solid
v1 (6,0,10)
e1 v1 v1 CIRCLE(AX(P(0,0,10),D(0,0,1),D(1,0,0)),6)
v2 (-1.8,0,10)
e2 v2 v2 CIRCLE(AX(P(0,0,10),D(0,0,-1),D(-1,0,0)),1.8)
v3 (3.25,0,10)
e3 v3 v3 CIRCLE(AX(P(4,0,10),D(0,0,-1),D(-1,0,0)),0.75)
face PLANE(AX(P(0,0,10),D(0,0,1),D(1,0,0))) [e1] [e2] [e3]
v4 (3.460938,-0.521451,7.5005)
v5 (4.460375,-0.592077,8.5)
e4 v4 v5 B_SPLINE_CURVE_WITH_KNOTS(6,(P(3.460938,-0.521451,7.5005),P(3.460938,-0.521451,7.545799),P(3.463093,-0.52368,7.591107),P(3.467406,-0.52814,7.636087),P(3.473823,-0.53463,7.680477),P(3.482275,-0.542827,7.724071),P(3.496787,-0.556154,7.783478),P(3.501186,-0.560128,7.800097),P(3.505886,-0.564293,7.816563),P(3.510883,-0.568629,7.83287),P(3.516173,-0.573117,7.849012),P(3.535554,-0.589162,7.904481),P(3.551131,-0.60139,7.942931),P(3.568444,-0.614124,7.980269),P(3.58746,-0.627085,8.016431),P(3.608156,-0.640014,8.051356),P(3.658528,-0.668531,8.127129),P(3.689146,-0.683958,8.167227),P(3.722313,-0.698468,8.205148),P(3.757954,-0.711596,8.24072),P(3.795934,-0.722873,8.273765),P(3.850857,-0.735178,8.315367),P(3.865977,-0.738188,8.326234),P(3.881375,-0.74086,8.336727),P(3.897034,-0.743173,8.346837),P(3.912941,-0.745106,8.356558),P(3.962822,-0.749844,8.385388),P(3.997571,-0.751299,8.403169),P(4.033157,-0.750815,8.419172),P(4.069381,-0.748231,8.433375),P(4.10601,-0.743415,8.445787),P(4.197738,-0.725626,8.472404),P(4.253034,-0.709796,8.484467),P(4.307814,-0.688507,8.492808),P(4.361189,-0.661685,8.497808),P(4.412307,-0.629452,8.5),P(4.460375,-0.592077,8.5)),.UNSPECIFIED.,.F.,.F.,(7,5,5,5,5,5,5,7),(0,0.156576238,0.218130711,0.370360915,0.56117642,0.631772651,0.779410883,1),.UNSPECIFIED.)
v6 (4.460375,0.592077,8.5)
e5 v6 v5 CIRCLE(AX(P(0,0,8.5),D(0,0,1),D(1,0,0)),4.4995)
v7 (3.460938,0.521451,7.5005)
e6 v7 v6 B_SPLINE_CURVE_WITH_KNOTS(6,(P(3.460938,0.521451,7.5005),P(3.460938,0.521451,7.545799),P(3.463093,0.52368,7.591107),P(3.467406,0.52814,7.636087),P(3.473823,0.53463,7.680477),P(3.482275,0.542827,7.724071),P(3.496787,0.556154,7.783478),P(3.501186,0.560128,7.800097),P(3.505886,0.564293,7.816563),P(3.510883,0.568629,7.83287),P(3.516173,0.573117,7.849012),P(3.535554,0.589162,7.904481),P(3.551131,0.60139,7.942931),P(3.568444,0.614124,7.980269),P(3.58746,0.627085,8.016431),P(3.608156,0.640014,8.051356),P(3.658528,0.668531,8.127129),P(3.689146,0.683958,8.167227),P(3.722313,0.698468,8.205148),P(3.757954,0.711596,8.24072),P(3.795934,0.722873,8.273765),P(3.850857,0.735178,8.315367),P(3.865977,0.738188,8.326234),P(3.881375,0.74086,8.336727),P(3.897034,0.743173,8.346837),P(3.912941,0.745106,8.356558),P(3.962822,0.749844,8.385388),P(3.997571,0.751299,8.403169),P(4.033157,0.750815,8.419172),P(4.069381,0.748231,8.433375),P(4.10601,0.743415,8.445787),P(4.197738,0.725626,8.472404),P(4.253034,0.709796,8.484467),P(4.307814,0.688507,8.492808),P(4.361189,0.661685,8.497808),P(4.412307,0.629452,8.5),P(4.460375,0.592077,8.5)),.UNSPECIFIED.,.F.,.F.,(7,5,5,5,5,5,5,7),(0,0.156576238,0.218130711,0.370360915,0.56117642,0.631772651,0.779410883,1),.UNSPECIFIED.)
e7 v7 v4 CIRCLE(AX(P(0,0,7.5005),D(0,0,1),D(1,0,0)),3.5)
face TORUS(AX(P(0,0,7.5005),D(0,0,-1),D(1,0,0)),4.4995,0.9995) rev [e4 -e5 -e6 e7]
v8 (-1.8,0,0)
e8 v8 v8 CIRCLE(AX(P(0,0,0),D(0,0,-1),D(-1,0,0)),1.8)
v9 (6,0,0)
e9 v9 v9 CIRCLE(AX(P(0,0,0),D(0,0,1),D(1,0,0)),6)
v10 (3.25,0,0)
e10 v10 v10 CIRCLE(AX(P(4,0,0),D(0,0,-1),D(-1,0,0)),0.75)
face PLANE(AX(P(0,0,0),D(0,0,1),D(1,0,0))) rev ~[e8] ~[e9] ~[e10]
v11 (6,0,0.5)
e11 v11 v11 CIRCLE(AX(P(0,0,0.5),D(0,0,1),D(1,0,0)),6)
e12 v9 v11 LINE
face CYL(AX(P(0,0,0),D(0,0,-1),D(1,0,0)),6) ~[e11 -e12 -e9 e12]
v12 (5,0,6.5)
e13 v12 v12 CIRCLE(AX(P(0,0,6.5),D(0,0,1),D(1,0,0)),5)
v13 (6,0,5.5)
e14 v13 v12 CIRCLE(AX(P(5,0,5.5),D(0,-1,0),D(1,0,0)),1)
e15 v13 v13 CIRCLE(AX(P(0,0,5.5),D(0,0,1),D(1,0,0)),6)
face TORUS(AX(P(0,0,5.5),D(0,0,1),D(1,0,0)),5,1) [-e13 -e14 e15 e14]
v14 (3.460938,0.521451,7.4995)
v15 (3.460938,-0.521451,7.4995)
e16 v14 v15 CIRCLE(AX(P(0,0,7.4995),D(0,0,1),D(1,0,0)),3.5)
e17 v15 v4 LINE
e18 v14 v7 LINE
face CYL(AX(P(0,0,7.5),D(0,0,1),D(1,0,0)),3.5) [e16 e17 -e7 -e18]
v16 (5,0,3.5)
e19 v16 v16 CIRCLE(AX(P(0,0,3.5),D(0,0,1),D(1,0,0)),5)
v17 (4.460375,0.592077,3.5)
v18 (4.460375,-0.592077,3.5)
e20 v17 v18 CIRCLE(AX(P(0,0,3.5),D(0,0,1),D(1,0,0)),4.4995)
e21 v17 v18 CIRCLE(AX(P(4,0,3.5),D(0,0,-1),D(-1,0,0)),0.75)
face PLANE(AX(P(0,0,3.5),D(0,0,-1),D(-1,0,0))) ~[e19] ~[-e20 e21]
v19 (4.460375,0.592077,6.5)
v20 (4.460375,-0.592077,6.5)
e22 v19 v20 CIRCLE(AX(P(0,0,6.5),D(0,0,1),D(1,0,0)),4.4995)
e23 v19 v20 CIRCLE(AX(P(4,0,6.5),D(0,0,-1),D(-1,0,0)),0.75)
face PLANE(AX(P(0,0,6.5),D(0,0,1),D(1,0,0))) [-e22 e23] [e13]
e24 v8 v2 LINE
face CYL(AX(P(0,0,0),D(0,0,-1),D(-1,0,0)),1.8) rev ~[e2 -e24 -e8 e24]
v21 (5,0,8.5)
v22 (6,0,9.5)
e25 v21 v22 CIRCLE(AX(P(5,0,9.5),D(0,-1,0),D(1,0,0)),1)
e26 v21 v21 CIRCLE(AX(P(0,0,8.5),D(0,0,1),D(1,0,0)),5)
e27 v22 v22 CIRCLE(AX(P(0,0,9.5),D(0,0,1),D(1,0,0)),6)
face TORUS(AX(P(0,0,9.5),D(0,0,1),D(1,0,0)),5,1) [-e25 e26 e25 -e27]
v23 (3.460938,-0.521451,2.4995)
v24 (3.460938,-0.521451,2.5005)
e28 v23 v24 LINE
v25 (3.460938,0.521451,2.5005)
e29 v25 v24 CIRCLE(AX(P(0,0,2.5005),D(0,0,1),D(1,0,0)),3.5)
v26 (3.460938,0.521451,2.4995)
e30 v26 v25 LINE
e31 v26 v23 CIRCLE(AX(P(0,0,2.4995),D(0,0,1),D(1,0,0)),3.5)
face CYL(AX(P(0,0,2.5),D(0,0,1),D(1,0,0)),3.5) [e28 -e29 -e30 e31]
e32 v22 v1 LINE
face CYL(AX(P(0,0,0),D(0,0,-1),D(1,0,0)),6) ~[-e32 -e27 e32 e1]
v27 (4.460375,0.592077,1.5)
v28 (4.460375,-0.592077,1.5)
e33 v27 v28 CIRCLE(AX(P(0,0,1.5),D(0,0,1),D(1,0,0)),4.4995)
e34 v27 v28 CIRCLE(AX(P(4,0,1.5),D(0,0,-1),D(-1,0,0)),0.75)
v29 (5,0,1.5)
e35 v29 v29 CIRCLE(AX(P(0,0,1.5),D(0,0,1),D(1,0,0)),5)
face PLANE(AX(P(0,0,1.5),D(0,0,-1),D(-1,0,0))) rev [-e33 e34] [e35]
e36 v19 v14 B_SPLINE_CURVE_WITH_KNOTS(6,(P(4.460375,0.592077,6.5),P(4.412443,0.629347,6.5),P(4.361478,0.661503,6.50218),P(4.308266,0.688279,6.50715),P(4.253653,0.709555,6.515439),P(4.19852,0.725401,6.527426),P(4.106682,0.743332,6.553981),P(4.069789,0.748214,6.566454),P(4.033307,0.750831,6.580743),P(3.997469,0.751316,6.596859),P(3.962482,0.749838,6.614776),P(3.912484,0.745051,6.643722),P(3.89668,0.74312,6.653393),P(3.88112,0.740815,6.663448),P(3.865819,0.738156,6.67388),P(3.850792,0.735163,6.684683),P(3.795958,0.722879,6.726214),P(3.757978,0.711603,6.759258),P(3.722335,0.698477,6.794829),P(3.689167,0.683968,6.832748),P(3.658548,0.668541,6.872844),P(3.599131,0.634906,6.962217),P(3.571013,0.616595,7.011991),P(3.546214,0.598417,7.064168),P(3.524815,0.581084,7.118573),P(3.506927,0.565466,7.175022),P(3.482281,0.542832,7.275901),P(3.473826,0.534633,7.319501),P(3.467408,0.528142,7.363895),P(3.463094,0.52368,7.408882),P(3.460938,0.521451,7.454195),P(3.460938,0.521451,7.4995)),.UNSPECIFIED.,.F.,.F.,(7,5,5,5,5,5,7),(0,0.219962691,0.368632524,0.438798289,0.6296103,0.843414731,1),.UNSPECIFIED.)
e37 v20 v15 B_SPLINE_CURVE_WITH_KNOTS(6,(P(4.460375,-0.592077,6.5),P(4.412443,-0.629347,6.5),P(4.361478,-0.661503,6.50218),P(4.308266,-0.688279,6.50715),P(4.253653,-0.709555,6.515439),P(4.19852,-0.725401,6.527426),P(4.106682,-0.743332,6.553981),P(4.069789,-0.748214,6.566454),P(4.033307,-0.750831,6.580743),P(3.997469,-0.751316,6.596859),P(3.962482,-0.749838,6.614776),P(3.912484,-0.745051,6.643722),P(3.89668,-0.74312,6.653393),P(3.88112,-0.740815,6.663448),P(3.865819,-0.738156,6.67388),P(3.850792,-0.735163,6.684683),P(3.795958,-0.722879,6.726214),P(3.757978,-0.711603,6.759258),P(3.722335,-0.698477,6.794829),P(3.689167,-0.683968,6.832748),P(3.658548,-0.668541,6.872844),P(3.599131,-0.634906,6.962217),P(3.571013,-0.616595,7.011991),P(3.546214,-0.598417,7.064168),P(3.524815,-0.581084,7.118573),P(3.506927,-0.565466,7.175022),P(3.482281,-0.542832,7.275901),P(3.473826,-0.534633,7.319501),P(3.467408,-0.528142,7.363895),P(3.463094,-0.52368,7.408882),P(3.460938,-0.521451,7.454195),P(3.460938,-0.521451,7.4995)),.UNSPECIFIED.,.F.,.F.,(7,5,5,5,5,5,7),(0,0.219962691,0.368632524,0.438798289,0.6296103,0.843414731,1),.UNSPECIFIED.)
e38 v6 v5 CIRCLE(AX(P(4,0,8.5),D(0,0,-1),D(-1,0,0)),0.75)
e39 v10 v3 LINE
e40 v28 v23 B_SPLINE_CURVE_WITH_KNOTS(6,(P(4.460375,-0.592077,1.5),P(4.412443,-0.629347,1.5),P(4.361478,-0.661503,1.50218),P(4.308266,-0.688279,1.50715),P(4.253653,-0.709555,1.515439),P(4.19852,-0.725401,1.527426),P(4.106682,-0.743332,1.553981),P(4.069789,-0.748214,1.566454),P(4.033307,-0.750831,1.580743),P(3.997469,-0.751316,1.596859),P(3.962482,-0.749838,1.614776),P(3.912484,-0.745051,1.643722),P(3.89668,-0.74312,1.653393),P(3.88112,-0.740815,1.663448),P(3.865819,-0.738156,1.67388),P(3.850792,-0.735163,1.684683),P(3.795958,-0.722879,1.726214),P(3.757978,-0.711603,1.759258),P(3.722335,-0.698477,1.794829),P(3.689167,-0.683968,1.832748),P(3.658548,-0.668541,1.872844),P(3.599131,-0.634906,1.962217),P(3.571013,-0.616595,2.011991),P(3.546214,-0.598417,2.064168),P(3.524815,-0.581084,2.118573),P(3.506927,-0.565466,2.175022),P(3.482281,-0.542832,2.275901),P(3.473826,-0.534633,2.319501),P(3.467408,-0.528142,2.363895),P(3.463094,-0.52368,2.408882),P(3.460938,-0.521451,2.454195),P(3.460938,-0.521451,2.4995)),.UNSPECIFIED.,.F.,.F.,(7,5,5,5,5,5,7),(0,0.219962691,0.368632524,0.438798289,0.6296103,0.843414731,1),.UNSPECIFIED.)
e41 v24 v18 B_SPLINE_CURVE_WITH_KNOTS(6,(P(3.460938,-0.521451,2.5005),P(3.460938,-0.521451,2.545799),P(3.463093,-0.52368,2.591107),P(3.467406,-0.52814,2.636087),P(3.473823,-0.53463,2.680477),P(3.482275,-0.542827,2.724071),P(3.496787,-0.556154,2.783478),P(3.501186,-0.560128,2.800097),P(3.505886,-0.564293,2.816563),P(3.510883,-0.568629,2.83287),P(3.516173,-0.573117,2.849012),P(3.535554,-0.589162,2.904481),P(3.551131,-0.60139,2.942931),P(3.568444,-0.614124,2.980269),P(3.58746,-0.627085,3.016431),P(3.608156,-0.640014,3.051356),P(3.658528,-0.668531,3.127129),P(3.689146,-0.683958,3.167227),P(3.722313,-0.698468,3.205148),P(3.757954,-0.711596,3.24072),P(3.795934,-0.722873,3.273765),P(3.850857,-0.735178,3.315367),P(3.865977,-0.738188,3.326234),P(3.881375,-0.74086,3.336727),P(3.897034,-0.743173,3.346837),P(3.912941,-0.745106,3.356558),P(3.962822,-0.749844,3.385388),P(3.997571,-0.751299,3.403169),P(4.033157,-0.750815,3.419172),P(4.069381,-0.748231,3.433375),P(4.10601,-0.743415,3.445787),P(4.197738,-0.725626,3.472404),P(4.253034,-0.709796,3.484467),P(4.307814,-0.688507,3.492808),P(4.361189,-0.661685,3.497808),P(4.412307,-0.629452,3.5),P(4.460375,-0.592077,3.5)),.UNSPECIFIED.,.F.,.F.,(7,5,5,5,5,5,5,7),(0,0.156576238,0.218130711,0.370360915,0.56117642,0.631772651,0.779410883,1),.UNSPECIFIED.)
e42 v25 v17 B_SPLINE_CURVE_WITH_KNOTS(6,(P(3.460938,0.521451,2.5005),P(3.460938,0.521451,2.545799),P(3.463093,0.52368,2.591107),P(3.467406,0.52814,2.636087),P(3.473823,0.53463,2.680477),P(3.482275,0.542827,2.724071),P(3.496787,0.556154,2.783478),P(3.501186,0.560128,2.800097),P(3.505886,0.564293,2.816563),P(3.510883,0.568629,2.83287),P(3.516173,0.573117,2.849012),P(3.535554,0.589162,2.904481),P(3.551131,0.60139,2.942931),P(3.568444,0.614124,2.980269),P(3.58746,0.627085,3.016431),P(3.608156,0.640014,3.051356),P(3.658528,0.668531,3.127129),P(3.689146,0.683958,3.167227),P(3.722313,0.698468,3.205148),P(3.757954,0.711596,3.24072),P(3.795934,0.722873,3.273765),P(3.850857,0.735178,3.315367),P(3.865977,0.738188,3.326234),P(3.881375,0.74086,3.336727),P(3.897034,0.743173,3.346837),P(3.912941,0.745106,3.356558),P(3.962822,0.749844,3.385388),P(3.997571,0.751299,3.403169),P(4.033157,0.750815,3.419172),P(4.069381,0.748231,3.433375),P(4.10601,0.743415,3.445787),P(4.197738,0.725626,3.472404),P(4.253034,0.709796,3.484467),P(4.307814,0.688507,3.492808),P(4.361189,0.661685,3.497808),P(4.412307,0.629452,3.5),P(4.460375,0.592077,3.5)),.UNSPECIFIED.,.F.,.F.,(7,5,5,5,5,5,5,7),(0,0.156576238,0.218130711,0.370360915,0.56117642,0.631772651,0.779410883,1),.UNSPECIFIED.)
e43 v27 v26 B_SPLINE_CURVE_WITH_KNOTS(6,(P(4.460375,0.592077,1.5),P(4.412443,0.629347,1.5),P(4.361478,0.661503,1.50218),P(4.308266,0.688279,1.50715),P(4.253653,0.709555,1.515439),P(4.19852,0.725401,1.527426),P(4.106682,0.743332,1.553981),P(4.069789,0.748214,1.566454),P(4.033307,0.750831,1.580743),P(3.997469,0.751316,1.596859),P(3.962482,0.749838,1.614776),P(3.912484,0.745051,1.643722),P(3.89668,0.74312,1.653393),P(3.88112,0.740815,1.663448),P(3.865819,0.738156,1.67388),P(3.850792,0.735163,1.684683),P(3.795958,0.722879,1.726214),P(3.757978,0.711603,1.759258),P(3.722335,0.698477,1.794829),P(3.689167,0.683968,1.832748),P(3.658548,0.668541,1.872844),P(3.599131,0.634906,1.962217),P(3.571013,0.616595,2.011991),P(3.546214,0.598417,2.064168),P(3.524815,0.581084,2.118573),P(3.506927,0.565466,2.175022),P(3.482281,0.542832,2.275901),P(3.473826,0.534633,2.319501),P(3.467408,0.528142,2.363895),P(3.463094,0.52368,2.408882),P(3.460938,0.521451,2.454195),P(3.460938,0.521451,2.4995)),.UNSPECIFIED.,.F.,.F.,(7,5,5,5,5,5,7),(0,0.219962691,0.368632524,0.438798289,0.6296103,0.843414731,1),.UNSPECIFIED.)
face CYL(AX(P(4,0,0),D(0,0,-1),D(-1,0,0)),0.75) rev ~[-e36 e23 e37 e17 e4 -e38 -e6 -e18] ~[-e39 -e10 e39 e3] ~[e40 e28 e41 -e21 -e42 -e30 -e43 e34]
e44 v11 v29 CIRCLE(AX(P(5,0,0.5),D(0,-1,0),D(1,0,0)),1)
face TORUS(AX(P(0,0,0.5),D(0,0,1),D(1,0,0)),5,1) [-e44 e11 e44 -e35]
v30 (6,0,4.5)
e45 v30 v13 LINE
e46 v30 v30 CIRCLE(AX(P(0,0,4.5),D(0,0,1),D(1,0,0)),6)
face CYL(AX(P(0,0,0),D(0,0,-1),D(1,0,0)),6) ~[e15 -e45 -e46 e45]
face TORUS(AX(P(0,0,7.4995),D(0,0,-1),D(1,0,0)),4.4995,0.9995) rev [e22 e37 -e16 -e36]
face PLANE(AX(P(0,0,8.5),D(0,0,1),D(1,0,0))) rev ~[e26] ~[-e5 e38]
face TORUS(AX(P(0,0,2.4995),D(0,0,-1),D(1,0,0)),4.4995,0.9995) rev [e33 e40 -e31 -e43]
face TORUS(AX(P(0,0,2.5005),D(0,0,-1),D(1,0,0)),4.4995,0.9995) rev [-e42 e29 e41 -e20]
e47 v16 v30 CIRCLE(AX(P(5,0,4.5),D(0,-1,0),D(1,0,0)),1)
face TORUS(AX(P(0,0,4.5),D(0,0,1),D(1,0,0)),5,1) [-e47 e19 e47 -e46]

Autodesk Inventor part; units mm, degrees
ref_plane "YZ Plane" through (0, 0, 0) normal (1, 0, 0) x (0, 1, 0)
ref_plane "XZ Plane" through (0, 0, 0) normal (0, 1, 0) x (-1, 0, 0)
ref_plane "XY Plane" through (0, 0, 0) normal (0, 0, 1) x (1, 0, 0)
sketch "Sketch1" plane through (0, 0, 0) normal (0, 0, 1) x (1, 0, 0)
  circle A0 centre (0, 0) radius 6
  dimension "d0" = 12
extrude "Extrusion1" add sketch "Sketch1" along normal blind 10
ref_plane "Work Plane2" through (0, 0, 7.5) normal (0, 0, 1) x (1, 0, 0)
ref_plane "Work Plane1" through (0, 0, 5) normal (0, 0, 1) x (1, 0, 0)
sketch "Sketch2" plane through (0, 0, 7.5) normal (0, 0, 1) x (1, 0, 0)
  circle A0 centre (0, 0) radius 6
  circle A1 centre (0, 0) radius 3.5
  dimension "d3" = 7
  dimension "d4" = 12
extrude "Extrusion2" cut sketch "Sketch2" along normal mid plane 2
mirror "Mirror1" about plane through (0, 0, 5) normal (0, 0, 1) of "Extrusion2"
fillet "Fillet1" radius 1 4 edges at (-6, 0, 6.5) (-6, 0, 8.5) (-6, 0, 3.5) (-6, 0, 1.5)
fillet "Fillet2" radius 1 4 edges at (-3.5, 0, 6.5) (-3.5, 0, 8.5) (-3.5, 0, 3.5) (-3.5, 0, 1.5)
sketch "Sketch3" plane through (0, 0, 0) normal (0, 0, -1) x (-1, 0, 0)
  point P0 (0, 0)
sketch "Sketch4" plane through (0, 0, 0) normal (0, 0, -1) x (-1, 0, 0)
  circle A0 centre (0, 0) radius 1.8
  dimension "d11" = 3.6
extrude "Extrusion3" cut sketch "Sketch4" against normal blind 10
sketch "Sketch5" plane through (0, 0, 0) normal (0, 0, -1) x (-1, 0, 0)
  circle A0 centre (-4, 0) radius 0.75
  point P0 (0, 0)
  dimension "d16" = 1.5
  dimension "d19" = 4
extrude "Extrusion4" cut sketch "Sketch5" against normal blind 10
properties part number "MotorPullySmall"
